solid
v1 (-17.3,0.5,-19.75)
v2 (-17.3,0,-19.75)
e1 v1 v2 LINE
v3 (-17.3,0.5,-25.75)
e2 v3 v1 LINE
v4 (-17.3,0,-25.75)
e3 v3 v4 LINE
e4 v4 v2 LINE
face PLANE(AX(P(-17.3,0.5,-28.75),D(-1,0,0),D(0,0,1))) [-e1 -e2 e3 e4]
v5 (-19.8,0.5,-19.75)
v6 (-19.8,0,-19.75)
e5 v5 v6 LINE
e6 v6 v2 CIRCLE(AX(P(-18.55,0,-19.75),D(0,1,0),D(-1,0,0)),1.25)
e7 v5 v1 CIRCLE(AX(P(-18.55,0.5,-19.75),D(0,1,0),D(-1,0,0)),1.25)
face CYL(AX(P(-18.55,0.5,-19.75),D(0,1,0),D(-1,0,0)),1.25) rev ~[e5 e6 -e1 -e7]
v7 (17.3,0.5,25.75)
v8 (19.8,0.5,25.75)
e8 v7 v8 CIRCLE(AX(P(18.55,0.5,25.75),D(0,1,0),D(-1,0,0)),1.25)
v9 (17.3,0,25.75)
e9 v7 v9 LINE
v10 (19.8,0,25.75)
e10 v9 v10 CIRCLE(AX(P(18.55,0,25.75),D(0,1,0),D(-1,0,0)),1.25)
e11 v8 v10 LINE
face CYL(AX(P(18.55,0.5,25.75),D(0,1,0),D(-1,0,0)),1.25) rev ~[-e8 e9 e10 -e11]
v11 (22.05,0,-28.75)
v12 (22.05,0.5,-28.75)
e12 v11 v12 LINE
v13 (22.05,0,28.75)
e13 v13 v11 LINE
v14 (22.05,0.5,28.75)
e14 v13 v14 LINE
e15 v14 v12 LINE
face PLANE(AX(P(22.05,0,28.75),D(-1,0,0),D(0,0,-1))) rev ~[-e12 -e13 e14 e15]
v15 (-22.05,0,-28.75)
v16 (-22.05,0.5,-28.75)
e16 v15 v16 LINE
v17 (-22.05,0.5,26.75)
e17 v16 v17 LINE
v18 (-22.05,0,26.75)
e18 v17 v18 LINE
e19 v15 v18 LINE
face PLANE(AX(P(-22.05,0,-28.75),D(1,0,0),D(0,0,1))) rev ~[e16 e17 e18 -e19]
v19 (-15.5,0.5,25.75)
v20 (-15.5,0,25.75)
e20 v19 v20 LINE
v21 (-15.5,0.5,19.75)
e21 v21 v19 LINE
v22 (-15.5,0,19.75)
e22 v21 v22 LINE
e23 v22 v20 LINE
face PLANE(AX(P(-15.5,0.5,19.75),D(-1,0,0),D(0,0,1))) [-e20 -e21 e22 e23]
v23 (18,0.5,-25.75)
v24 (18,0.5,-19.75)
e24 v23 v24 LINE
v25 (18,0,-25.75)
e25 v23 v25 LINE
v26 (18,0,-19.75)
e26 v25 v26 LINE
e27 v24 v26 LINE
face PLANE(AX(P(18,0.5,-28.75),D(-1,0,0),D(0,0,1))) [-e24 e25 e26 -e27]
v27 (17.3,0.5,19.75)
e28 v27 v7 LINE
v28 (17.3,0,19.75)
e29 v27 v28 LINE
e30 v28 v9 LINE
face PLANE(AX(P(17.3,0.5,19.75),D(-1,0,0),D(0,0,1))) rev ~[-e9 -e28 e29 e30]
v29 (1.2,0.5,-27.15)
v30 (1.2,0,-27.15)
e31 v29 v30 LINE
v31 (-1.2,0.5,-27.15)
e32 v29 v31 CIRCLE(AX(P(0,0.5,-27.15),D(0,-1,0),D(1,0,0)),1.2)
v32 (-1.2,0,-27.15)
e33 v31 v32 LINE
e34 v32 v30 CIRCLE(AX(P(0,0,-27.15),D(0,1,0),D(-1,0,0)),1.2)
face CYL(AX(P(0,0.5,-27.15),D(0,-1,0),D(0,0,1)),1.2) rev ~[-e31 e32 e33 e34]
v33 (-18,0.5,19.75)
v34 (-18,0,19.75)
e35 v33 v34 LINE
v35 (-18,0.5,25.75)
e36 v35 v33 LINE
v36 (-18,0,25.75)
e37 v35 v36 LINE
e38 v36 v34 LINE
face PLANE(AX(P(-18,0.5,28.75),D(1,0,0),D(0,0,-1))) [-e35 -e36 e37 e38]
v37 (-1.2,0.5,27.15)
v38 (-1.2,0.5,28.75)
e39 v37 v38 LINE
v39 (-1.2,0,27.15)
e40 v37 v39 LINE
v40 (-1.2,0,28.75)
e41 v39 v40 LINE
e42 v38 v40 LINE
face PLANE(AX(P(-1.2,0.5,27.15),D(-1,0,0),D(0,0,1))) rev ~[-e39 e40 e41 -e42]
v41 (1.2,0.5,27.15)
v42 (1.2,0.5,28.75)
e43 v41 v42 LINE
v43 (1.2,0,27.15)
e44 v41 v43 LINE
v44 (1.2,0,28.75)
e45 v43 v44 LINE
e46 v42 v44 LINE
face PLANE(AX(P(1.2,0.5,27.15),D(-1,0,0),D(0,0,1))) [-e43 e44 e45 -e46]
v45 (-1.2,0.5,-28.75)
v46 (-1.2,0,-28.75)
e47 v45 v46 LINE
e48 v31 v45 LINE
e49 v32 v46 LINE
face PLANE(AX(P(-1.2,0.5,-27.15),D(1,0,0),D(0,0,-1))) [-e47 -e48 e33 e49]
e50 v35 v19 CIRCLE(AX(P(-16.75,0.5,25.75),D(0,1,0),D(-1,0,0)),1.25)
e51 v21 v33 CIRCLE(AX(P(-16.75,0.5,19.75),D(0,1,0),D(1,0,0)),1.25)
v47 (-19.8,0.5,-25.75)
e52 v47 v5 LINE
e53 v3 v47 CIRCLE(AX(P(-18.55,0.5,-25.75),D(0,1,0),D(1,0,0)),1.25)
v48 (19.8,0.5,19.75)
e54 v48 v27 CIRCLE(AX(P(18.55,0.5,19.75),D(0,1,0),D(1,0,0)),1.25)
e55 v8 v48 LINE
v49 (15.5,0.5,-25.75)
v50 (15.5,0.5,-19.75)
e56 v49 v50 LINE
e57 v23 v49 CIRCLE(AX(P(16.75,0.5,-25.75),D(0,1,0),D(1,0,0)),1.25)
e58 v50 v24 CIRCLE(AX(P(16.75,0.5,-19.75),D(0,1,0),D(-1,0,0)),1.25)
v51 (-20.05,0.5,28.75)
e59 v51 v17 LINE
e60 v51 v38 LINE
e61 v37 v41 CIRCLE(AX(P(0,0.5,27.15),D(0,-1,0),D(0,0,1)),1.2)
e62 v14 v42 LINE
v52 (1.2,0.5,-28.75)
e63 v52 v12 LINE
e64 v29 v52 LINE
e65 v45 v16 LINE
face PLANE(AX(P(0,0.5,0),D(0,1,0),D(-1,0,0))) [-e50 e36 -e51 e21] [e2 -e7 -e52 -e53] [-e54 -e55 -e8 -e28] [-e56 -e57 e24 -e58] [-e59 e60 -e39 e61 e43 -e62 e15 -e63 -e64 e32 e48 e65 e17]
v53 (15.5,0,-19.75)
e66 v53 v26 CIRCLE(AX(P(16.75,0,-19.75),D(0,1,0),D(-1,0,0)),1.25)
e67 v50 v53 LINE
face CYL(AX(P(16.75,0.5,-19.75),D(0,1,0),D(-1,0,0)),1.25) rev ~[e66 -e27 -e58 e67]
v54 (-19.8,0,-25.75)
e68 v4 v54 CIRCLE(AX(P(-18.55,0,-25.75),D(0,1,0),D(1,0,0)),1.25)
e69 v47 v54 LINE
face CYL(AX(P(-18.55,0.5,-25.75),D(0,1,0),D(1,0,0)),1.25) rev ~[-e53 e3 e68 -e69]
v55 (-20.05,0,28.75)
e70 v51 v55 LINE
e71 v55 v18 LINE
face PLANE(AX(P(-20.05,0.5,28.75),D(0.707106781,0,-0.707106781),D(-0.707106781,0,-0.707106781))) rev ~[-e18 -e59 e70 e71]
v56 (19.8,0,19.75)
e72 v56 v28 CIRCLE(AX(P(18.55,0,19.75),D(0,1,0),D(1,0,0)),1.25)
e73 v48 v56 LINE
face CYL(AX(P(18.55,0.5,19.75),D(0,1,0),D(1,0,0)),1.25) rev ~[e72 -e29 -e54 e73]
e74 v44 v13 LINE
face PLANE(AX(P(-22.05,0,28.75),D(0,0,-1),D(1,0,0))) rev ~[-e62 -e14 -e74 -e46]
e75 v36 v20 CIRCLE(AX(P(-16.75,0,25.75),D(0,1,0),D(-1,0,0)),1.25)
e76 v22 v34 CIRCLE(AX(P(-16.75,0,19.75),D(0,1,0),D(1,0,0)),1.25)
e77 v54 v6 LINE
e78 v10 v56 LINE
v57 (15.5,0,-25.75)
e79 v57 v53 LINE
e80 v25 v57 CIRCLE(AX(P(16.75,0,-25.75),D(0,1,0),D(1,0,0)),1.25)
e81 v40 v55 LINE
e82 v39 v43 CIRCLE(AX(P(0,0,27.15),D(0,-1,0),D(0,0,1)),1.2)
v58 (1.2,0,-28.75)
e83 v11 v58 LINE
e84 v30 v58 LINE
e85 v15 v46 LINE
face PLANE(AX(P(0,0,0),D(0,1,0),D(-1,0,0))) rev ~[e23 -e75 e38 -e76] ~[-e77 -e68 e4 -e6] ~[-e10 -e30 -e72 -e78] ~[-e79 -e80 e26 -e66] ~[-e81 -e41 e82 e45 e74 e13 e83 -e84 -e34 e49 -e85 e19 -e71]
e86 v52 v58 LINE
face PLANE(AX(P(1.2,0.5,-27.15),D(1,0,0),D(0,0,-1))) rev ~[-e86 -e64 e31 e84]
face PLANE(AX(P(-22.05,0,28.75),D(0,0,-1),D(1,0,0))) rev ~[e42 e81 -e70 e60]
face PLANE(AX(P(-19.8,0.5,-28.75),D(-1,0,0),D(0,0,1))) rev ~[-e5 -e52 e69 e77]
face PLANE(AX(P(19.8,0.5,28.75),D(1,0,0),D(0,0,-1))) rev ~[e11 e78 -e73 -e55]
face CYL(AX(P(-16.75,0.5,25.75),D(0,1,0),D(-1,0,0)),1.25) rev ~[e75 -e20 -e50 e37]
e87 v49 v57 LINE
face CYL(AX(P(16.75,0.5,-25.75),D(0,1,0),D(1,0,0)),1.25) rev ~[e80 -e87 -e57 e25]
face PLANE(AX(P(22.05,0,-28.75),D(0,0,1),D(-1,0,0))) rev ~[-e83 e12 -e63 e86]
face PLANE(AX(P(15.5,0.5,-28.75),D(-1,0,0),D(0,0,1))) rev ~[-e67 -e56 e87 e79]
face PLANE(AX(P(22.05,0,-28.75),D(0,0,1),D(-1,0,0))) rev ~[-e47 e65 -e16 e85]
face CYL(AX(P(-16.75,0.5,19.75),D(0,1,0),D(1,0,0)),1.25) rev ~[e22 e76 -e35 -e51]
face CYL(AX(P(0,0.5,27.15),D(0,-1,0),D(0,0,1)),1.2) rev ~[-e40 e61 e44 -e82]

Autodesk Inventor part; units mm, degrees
ref_plane "YZ Plane" through (0, 0, 0) normal (1, 0, 0) x (0, 1, 0)
ref_plane "XZ Plane" through (0, 0, 0) normal (0, 1, 0) x (-1, 0, 0)
ref_plane "XY Plane" through (0, 0, 0) normal (0, 0, 1) x (1, 0, 0)
sketch "Sketch2" plane through (0, 0, 0) normal (0, 1, 0) x (-1, 0, 0)
  line L0 (-22.05, -28.75) -> (22.05, -28.75)
  line L1 (22.05, -28.75) -> (22.05, 28.75)
  line L2 (22.05, 28.75) -> (-22.05, 28.75)
  line L3 (-22.05, 28.75) -> (-22.05, -28.75)
  line L4 (-22.05, -28.75) -> (22.05, 28.75) construction
  line L5 (22.05, -28.75) -> (-22.05, 28.75) construction
  point P0 (0, 0)
  dimension "d28" = 44.1
  dimension "d29" = 57.5
extrude "Extrusion2" add sketch "Sketch2" along normal blind 0.5
sketch "Sketch3" plane through (0, 0.5, 0) normal (0, 1, 0) x (1, 0, 0)
  line L0 (3.17, 0) -> (-3.4256, 0) construction
  line L1 (-18, -28.75) -> (-18, -19.75)
  line L2 (-15.5, -19.75) -> (-15.5, -28.75)
  arc A0 (-15.5, -19.75) -> (-18, -19.75) centre (-16.75, -19.75) ccw
  line L3 (-22.05, -28.75) -> (22.05, -28.75) projected
  line L4 (-22.05, 28.75) -> (-22.05, -28.75) projected
  line L5 (19.8, -28.75) -> (19.8, -19.75)
  line L6 (17.3, -19.75) -> (17.3, -28.75)
  arc A1 (19.8, -19.75) -> (17.3, -19.75) centre (18.55, -19.75) ccw
  line L7 (15.5, 28.75) -> (15.5, 19.75)
  line L8 (22.05, 28.75) -> (-22.05, 28.75) projected
  line L9 (18, 28.75) -> (18, 19.75)
  arc A2 (15.5, 19.75) -> (18, 19.75) centre (16.75, 19.75) ccw
  line L10 (22.05, -28.75) -> (22.05, 28.75) projected
  line L11 (-19.8, 28.75) -> (-19.8, 19.75)
  line L12 (-17.3, 28.75) -> (-17.3, 19.75)
  arc A3 (-19.8, 19.75) -> (-17.3, 19.75) centre (-18.55, 19.75) ccw
  point P0 (0, 0)
  point P1 (10.634, -28.75)
  point P2 (12.3949, -28.75)
  dimension "d32" = 2.5
  dimension "d33" = 9
  dimension "d34" = 1.25
  dimension "d48" = 5.3
  dimension "d60" = 9
  dimension "d61" = 9
  dimension "d62" = 1.25
  dimension "d64" = 9
  dimension "d65" = 9
  dimension "d66" = 1.25
  dimension "d71" = 3.5
  dimension "d87" = 5.3
  dimension "d88" = 3.5
extrude "Extrusion3" cut sketch "Sketch3" against normal through all contours L1 A0 L2 L3 | L6 A1 L5 L3 | L8 L12 A3 L11 | L8 L9 A2 L7
sketch "Sketch4" plane through (0, 0.5, 0) normal (0, 1, 0) x (1, 0, 0)
  line L0 (-22.05, 28.75) -> (-22.05, -28.75) projected
  line L1 (-22.05, -28.75) -> (22.05, -28.75) projected
  line L2 (22.05, -28.75) -> (22.05, 28.75) projected
  line L3 (22.05, 28.75) -> (-22.05, 28.75) projected
  point P0 (0, 0)
  point P1 (0, -27.15)
  point P2 (0, 27.15)
  point P3 (-18, -28.75)
  point P4 (-12.775, 28.75)
  dimension "d37" = 22.05
  dimension "d38" = 1.6
  dimension "d40" = 1.6
  dimension "d68" = 44.1
hole "Hole1" at (0, 0.5, 27.15) at (0, 0.5, -27.15) direction (0, -1, 0) diameter 2.4 end through all clearance for "Flat Head Machine Screw" size "M2" standard "Ansi Metric M Profile"
sketch "Sketch5" plane through (0, 0.5, 0) normal (0, 1, 0) x (1, 0, 0)
  line L0 (-22.05, -28.75) -> (-18, -28.75) projected
  line L1 (-20.05, -28.75) -> (-22.05, -26.75)
  line L2 (-22.05, 28.75) -> (-22.05, -28.75) projected
  point P0 (0, 0)
  dimension "d49" = 2
  dimension "d50" = 2
extrude "Extrusion4" cut sketch "Sketch5" against normal through all
sketch "Sketch6" plane through (0, 0.5, 0) normal (0, 1, 0) x (1, 0, 0)
  circle A0 centre (0, -27.15) radius 1.2 projected
  line L0 (-1.2, -27.15) -> (-1.2, -28.75)
  line L1 (-15.5, -28.75) -> (17.3, -28.75) projected
  line L2 (1.2, -27.15) -> (1.2, -28.75)
  line L3 (1.2, -27.15) -> (-1.2, -27.15)
  line L4 (24.0299, 0) -> (-42.1887, 0)
  line L5 (-1.2, 27.15) -> (-1.2, 28.75)
  line L6 (1.2, 27.15) -> (1.2, 28.75)
  line L7 (1.2, 27.15) -> (-1.2, 27.15)
  line L8 (15.5, 28.75) -> (-17.3, 28.75) projected
  point P0 (0, 0)
  point P1 (0, 27.15)
extrude "Extrusion5" cut sketch "Sketch6" against normal through all contours L2 L1 L0 A0 | L5 L8 L6 L7
sketch "Sketch7" plane through (0, 0.5, 0) normal (0, 1, 0) x (1, 0, 0)
  line L0 (-15.5, -19.75) -> (-15.5, -28.75) projected
  arc A0 (-18, -25.75) -> (-15.5, -25.75) centre (-16.75, -25.75) ccw
  line L1 (-18, -28.75) -> (-18, -19.75) projected
  arc A1 (-15.5, -19.75) -> (-18, -19.75) centre (-16.75, -19.75) ccw projected
  line L2 (-15.5, -28.75) -> (-1.2, -28.75) projected
  line L3 (-18, -28.75) -> (-15.5, -28.75)
  arc A2 (17.3, -25.75) -> (19.8, -25.75) centre (18.55, -25.75) ccw
  line L4 (17.3, -28.75) -> (17.3, -19.75) projected
  line L5 (19.8, -19.75) -> (19.8, -28.75) projected
  line L6 (1.2, -28.75) -> (17.3, -28.75) projected
  line L7 (17.3, -28.75) -> (19.8, -28.75)
  line L8 (-17.3, 28.75) -> (-17.3, 19.75) projected
  line L9 (-19.8, 19.75) -> (-19.8, 28.75) projected
  arc A3 (-17.3, 25.75) -> (-19.8, 25.75) centre (-18.55, 25.75) ccw
  line L10 (-1.2, 28.75) -> (-17.3, 28.75) projected
  line L11 (15.5, 28.75) -> (1.2, 28.75) projected
  arc A4 (18, 25.75) -> (15.5, 25.75) centre (16.75, 25.75) ccw
  line L12 (15.5, 19.75) -> (15.5, 28.75) projected
  line L13 (18, 28.75) -> (18, 19.75) projected
  line L14 (-19.8, 28.75) -> (-17.3, 28.75)
  line L15 (15.5, 28.75) -> (18, 28.75)
  point P0 (0, 0)
  dimension "d73" = 1.25
  dimension "d74" = 1.25
  dimension "d75" = 3
  dimension "d78" = 1.25
  dimension "d80" = 3
  dimension "d81" = 1.25
  dimension "d82" = 3
  dimension "d85" = 1.25
  dimension "d86" = 3
extrude "Extrusion6" add sketch "Sketch7" against normal up to surface (0.5 mm away) contours L0 L3 L1 A0 | A2 L5 L7 L4 | L8 A3 L9 L14 | A4 L12 L15 L13
equation "\"d34\" = 0.5 * d32"
equation "\"d60\" = d33"
equation "\"d61\" = d33"
equation "\"d62\" = d34"
equation "\"d64\" = d33"
equation "\"d65\" = d33"
equation "\"d66\" = d34"
equation "\"d87\" = d48"
equation "\"d88\" = d71"
equation "\"d37\" = 0.5 * d68"
equation "\"d40\" = d38"
equation "\"d73\" = d74"
equation "\"d78\" = d79"
equation "\"d80\" = d75"
equation "\"d81\" = d74"
equation "\"d82\" = d75"
equation "\"d85\" = d74"
equation "\"d86\" = d75"
equation "\"d79\" = 1.25"
properties part number "etl standard baseplate with cutouts"
